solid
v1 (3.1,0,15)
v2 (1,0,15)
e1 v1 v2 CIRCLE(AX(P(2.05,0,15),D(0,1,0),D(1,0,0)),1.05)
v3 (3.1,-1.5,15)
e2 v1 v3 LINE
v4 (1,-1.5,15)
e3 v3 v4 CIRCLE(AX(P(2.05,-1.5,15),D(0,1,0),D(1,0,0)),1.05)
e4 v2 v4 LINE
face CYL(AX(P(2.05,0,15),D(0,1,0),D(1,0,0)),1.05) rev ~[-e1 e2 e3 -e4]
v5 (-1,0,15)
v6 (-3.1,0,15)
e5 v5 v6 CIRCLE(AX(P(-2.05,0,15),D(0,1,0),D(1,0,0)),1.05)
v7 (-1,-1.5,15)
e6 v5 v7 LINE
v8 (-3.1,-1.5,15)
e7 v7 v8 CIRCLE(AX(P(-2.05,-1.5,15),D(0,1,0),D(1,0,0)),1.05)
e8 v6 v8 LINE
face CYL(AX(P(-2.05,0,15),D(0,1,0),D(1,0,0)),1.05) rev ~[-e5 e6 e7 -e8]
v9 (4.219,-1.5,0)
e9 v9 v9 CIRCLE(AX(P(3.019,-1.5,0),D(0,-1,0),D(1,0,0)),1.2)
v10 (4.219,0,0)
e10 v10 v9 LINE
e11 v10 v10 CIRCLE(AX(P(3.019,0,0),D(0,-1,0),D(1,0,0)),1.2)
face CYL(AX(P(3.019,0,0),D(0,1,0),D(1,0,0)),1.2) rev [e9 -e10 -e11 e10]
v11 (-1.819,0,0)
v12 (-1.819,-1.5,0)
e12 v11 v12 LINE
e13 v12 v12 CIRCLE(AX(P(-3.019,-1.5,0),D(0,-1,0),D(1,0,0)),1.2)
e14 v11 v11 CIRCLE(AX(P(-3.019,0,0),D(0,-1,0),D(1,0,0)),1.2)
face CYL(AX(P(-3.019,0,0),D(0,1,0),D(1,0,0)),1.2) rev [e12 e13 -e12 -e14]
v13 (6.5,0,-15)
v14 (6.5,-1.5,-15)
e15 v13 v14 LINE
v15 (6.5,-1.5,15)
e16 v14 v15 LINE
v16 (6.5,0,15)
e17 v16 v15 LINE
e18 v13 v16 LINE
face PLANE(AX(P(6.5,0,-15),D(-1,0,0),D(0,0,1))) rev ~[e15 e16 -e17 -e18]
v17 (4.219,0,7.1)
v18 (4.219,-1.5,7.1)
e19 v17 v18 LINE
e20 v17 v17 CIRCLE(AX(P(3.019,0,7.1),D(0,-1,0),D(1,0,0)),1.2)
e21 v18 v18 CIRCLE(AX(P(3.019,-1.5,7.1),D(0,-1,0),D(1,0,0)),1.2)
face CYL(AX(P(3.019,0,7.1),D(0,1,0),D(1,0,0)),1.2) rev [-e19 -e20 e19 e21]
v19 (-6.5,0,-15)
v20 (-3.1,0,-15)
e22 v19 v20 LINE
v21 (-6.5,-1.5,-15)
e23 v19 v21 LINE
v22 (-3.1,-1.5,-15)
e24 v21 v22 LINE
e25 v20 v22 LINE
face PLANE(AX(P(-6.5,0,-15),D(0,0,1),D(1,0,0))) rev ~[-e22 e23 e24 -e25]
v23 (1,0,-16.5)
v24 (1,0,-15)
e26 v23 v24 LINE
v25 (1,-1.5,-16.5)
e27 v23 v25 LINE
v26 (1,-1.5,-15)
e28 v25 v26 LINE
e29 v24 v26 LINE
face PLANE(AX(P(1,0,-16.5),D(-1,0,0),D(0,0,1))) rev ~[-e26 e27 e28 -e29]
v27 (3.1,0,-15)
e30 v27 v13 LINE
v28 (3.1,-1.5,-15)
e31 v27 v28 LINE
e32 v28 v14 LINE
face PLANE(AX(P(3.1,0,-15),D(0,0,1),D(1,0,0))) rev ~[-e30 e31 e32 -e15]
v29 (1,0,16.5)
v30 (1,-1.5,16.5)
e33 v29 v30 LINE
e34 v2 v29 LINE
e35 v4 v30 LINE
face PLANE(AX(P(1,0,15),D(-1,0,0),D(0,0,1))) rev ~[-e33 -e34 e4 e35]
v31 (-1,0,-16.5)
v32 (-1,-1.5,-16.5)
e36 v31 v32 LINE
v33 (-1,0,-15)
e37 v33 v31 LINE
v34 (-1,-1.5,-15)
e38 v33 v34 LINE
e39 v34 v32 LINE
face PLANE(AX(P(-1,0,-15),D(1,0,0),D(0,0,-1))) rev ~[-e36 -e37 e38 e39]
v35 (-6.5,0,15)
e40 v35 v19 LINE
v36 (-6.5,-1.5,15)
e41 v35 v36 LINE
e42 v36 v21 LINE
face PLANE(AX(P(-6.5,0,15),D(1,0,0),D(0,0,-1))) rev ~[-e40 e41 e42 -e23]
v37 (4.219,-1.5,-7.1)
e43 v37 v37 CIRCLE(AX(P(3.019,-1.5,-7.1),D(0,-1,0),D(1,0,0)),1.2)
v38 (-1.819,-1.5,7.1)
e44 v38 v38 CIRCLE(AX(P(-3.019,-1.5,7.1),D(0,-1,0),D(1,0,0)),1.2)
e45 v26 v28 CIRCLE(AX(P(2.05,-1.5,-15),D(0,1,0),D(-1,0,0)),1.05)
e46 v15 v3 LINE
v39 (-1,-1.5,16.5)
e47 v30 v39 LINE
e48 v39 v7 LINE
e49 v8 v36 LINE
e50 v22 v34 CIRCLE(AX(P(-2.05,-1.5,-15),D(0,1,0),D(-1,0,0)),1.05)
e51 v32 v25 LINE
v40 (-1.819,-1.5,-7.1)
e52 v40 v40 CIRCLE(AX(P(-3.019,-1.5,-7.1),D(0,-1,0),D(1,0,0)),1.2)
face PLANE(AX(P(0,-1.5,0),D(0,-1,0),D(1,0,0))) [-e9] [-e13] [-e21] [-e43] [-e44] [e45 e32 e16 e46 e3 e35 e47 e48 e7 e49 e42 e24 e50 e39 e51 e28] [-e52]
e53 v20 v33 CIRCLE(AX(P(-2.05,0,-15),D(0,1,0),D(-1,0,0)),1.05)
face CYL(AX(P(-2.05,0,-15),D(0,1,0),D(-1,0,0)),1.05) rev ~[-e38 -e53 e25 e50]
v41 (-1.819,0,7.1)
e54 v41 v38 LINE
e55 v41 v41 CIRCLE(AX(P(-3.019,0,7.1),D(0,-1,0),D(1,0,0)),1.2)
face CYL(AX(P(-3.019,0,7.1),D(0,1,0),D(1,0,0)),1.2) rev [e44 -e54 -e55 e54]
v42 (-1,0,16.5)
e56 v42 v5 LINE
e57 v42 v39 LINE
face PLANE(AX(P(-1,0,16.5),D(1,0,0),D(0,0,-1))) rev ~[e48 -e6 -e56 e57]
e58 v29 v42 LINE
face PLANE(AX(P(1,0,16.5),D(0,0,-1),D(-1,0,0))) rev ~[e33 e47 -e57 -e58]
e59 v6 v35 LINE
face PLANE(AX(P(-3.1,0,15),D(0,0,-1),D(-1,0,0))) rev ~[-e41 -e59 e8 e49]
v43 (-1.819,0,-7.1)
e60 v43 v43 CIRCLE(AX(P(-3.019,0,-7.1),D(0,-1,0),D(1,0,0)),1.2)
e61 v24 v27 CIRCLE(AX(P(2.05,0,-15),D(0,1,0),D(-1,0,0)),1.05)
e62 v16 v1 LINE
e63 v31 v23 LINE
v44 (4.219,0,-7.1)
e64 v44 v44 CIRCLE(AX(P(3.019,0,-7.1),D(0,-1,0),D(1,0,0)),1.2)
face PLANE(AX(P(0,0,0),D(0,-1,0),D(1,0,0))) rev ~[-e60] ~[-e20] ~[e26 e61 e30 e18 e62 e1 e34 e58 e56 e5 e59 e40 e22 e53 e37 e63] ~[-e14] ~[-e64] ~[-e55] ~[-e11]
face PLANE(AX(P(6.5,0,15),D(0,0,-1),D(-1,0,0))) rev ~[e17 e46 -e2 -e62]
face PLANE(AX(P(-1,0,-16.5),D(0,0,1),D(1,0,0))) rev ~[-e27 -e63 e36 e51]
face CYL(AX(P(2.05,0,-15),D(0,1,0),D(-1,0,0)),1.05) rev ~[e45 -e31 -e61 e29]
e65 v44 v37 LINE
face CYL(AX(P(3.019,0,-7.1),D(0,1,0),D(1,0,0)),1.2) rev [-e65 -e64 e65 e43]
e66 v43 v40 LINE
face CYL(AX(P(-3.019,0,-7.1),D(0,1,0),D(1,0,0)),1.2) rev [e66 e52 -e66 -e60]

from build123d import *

# Parameters (mm, degrees)
F0_R     = 1.2
F1_DEPTH = 1.5


with BuildPart() as f1:
    # F0 (on Front) → F1 (new body)
    with BuildSketch(Plane.XZ):
        with BuildLine():
            ThreePointArc((-1, 15), (-2.05, 13.95), (-3.1, 15))
            Line((-3.1, 15), (-6.5, 15))
            Line((-6.5, 15), (-6.5, 0))
            Line((-6.5, 0), (-6.5, -15))
            Line((-6.5, -15), (-3.1, -15))
            ThreePointArc((-3.1, -15), (-2.05, -13.95), (-1, -15))
            Line((-1, -15), (-1, -16.5))
            Line((-1, -16.5), (1, -16.5))
            Line((1, -16.5), (1, -15))
            ThreePointArc((1, -15), (2.05, -13.95), (3.1, -15))
            Line((3.1, -15), (6.5, -15))
            Line((6.5, -15), (6.5, 0))
            Line((6.5, 0), (6.5, 15))
            Line((6.5, 15), (3.1, 15))
            ThreePointArc((3.1, 15), (2.05, 13.95), (1, 15))
            Line((1, 15), (1, 16.5))
            Line((1, 16.5), (-1, 16.5))
            Line((-1, 16.5), (-1, 15))
        make_face()
        with Locations((-3.019, -7.1)):
            Circle(F0_R, mode=Mode.SUBTRACT)
        with Locations((3.019, -7.1)):
            Circle(F0_R, mode=Mode.SUBTRACT)
        with Locations((-3.019, 0)):
            Circle(F0_R, mode=Mode.SUBTRACT)
        with Locations((-3.019, 7.1)):
            Circle(F0_R, mode=Mode.SUBTRACT)
        with Locations((3.019, 0)):
            Circle(F0_R, mode=Mode.SUBTRACT)
        with Locations((3.019, 7.1)):
            Circle(F0_R, mode=Mode.SUBTRACT)
    extrude(amount=F1_DEPTH)


solid = f1.part
